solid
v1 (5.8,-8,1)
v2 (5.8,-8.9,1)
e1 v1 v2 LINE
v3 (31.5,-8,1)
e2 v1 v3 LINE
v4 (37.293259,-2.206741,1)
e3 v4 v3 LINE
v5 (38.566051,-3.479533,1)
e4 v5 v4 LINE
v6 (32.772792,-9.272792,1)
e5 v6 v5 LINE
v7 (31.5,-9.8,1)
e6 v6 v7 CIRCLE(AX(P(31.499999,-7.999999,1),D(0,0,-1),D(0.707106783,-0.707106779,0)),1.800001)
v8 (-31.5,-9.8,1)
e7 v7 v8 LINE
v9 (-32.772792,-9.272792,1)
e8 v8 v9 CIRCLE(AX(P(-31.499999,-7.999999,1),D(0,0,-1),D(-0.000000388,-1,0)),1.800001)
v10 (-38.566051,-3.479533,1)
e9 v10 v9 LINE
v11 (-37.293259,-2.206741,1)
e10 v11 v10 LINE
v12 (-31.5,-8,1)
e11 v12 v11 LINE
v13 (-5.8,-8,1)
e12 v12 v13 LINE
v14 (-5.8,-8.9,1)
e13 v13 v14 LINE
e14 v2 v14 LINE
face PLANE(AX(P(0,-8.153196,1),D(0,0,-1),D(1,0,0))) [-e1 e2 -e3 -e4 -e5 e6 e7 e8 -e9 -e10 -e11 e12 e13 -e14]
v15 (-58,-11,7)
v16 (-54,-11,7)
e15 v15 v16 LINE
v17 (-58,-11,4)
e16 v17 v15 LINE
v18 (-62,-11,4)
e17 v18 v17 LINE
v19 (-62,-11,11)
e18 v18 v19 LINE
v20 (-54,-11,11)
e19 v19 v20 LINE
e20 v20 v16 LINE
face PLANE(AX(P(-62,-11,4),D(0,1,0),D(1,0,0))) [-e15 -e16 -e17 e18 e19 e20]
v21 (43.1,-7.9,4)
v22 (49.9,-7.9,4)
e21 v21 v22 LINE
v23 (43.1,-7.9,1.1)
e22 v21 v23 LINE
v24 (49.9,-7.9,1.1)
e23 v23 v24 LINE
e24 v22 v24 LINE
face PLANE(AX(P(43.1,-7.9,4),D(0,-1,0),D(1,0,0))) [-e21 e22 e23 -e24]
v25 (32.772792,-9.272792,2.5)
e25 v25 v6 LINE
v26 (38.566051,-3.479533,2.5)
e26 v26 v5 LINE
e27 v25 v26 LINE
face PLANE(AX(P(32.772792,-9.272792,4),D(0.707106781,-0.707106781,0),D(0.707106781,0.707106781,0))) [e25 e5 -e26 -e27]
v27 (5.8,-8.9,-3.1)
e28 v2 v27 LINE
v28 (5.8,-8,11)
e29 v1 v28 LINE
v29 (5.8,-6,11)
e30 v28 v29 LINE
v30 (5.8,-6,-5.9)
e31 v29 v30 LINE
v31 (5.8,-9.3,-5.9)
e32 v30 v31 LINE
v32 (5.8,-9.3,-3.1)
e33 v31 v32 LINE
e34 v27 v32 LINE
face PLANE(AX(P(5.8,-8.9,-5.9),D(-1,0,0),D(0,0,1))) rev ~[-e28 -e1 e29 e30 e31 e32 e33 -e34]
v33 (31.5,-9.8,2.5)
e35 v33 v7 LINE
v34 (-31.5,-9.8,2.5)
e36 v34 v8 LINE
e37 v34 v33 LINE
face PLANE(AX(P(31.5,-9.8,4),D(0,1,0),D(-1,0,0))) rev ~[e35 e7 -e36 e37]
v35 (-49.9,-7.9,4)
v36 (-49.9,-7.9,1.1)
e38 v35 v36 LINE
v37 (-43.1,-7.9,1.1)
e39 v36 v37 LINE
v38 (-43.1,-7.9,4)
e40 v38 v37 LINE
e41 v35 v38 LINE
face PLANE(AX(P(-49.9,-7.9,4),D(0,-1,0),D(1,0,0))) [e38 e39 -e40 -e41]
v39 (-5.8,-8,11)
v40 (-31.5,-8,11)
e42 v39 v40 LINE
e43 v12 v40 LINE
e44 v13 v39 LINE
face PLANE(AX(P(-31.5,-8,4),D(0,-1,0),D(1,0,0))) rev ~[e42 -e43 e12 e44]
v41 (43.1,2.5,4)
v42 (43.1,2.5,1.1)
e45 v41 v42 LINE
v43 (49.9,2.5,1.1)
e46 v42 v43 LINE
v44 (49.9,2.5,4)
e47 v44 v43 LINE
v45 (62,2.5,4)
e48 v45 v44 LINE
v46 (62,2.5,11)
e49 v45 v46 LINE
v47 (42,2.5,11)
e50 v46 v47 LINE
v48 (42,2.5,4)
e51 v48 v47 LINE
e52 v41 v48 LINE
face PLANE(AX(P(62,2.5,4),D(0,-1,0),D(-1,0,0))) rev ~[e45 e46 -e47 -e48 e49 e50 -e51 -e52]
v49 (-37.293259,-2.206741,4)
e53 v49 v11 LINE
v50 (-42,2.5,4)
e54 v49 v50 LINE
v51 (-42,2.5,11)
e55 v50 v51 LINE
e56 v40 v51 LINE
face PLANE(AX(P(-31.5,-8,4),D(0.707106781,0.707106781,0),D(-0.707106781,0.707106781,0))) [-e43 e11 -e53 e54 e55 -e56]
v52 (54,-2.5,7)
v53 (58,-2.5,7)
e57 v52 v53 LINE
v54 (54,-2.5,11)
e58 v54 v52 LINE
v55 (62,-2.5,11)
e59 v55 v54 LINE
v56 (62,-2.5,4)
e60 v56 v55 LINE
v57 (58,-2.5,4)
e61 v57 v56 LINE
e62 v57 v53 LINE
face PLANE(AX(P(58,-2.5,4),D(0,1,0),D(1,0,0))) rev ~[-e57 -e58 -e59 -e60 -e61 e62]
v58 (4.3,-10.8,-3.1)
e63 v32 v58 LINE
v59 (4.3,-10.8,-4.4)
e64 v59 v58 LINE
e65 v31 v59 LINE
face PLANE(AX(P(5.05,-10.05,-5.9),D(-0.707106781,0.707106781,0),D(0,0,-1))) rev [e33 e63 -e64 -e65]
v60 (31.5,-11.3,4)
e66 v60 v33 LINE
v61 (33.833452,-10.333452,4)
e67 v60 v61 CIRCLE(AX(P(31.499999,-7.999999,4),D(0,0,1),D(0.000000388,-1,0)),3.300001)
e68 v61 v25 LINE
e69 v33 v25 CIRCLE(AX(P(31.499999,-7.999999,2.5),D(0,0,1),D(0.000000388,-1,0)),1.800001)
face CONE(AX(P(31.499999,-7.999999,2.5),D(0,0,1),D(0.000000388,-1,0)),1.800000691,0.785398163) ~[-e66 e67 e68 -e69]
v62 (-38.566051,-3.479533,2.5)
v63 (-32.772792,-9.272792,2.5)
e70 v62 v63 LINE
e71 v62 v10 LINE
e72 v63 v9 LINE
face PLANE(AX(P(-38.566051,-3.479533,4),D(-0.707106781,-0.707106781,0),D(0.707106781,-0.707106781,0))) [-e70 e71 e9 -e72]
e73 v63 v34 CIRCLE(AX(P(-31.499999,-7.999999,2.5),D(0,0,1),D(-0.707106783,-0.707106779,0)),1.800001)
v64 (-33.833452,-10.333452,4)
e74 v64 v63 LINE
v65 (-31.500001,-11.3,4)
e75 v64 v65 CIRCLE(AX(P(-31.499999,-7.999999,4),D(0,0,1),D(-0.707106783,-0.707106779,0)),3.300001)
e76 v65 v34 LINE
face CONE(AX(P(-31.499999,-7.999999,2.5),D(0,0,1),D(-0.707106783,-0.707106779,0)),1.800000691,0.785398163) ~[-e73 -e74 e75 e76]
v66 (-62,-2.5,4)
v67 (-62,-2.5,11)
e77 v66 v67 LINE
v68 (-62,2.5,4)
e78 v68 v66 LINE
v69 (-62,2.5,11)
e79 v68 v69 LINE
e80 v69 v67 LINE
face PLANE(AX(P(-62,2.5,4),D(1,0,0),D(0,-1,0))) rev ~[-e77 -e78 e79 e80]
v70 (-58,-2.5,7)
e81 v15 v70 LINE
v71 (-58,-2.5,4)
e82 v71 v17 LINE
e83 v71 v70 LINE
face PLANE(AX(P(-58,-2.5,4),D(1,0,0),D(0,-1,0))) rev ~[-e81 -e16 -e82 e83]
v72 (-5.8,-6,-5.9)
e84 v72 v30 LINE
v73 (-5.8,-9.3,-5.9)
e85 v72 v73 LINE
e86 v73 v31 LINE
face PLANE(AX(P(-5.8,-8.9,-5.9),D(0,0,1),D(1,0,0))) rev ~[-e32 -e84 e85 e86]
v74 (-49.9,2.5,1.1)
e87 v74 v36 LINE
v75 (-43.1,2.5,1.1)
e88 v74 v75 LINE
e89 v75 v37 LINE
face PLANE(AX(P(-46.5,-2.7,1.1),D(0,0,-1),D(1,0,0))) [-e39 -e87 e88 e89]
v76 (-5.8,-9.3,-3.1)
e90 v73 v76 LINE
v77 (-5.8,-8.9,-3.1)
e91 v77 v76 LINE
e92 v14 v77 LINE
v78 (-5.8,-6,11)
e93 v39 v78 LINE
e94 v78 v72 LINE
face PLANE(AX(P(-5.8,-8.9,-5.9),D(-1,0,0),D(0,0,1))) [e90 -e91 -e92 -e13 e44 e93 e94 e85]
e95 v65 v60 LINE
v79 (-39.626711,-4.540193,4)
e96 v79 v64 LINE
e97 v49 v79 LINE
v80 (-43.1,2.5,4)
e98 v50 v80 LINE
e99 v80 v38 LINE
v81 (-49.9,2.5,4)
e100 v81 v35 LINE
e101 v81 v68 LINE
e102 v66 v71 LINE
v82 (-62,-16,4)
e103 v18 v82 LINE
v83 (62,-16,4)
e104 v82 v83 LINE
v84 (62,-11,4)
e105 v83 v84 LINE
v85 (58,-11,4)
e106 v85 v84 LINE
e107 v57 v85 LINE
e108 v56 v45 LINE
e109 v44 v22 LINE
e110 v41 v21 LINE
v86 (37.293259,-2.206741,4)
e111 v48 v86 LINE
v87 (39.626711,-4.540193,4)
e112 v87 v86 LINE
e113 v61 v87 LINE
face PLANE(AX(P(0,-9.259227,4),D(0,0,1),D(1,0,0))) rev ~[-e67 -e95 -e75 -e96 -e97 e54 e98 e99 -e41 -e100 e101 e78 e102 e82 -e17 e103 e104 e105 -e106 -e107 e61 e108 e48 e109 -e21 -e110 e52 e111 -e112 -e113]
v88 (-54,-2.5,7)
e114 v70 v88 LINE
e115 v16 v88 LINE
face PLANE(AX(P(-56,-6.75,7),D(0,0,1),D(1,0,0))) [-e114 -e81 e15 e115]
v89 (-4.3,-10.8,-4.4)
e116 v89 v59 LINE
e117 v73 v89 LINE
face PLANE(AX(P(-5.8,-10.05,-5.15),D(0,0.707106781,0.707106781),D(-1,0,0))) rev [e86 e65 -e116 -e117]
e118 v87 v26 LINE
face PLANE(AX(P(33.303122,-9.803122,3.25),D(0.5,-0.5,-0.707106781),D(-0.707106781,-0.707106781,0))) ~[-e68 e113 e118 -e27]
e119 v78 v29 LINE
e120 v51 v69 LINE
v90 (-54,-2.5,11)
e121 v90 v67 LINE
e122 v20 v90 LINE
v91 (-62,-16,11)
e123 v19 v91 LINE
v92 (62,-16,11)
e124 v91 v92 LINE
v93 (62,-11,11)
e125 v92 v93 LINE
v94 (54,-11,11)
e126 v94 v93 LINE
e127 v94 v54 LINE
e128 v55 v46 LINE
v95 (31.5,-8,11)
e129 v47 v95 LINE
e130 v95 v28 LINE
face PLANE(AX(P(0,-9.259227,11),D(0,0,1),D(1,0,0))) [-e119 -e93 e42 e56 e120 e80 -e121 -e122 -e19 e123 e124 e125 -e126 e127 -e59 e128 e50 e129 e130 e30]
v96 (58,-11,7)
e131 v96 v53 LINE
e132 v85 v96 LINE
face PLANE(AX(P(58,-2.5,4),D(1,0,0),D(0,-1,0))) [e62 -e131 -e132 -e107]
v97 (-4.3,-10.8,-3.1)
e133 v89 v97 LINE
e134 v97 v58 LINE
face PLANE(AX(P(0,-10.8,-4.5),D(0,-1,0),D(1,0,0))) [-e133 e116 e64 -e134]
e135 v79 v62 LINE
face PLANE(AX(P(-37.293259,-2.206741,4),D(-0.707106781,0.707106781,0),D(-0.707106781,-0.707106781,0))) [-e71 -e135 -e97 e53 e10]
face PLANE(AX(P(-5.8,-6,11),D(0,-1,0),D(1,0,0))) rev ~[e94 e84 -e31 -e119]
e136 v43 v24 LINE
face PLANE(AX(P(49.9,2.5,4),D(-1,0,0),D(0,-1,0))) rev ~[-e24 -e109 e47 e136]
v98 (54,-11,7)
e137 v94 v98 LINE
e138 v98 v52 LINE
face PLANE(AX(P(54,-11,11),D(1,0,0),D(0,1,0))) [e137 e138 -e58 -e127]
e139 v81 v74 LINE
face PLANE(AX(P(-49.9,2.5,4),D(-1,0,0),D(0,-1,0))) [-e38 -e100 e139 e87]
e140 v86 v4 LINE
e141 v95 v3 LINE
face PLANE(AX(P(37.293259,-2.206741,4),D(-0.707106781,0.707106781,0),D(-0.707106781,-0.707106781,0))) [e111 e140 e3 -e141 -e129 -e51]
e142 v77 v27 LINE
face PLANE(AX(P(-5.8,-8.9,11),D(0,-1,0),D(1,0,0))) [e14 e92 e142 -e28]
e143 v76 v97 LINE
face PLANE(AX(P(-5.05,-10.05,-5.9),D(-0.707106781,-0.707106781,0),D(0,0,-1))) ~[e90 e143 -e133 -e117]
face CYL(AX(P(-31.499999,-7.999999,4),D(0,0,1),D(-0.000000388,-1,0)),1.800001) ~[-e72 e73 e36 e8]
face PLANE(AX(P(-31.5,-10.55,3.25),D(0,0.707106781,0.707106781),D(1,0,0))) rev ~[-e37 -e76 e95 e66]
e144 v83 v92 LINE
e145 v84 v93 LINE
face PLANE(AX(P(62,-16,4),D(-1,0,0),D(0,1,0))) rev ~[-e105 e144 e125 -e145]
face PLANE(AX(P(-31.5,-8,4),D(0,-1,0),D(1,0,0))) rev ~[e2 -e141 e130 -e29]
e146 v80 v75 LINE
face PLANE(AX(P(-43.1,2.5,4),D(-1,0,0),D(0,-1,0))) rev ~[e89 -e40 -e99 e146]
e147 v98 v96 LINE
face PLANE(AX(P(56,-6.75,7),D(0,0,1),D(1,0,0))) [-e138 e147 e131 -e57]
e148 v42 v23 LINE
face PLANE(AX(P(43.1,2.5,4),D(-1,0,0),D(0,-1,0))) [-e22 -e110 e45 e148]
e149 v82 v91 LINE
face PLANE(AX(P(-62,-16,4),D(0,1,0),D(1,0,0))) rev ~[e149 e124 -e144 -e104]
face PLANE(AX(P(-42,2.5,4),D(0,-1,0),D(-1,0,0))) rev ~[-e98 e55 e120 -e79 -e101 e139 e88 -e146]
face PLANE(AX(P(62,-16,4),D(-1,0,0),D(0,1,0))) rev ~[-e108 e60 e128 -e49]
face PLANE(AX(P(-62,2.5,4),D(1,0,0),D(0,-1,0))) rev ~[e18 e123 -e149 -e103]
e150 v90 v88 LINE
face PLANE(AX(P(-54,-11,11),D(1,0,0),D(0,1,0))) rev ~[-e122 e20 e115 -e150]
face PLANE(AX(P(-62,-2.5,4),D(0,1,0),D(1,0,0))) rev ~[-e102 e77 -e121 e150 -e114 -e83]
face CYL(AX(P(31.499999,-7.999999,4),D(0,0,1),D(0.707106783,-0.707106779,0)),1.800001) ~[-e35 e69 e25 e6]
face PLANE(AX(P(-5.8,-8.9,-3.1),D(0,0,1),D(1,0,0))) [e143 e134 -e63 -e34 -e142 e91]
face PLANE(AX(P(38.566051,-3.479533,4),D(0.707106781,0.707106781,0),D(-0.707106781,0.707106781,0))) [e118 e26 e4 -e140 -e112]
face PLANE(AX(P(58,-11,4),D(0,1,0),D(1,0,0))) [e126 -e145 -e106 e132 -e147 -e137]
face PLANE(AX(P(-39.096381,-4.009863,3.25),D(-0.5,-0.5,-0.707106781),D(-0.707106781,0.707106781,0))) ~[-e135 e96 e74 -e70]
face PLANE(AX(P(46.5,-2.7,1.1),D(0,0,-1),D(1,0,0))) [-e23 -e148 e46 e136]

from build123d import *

# Parameters (mm, degrees)
PAD002_DEPTH    = 7
PAD003_DEPTH    = 3
CHAMFER003_SIZE = 1.5
SKETCH019_W     = 4
SKETCH019_H     = 8.5
POCKET003_DEPTH = 7.001
SKETCH020_W     = 4
SKETCH020_H     = 8.5
POCKET004_DEPTH = 4
SKETCH024_W     = 11.6
SKETCH024_H     = 2.9
PAD006_DEPTH    = 16.9
SKETCH025_W     = 11.6
SKETCH025_H     = 2.8
PAD007_DEPTH    = 1.9
CHAMFER005_SIZE = 1.5
SKETCH026_W     = 6.8
SKETCH026_H     = 10.4
PAD008_DEPTH    = 2.9


with BuildPart() as part:
    # Sketch006 → Pad002 (new body)
    with BuildSketch(Plane.XY.offset(4)):
        Polygon((-62, 2.5), (-62, -16), (62, -16), (62, 2.5), (42, 2.5), (31.5, -8), (-31.5, -8), (-42, 2.5), align=None)
    extrude(amount=PAD002_DEPTH)

    # Sketch007 (on Face9 of Pad002) → Pad003 (join)
    with BuildSketch(Plane(origin=(0, 0, 4), x_dir=(1, 0, 0), z_dir=(0, 0, -1))):
        with BuildLine():
            Line((-31.5, 8), (31.5, 8))
            Line((37.293259, 2.206741), (31.5, 8))
            Line((38.566051, 3.479533), (37.293259, 2.206741))
            Line((32.772792, 9.272792), (38.566051, 3.479533))
            ThreePointArc((32.772792, 9.272792), (32.18883, 9.662983), (31.5, 9.8))
            Line((31.5, 9.8), (-31.5, 9.8))
            ThreePointArc((-31.5, 9.8), (-32.18883, 9.662983), (-32.772792, 9.272792))
            Line((-38.566051, 3.479533), (-32.772792, 9.272792))
            Line((-37.293259, 2.206741), (-38.566051, 3.479533))
            Line((-31.5, 8), (-37.293259, 2.206741))
        make_face()
    extrude(amount=PAD003_DEPTH)

    # Chamfer003
    chamfer003_edges = [part.edges().sort_by_distance(p)[0] for p in [
        (-35.669422, -6.376163, 4),
    ]]
    chamfer(chamfer003_edges, length=CHAMFER003_SIZE)

    # Sketch019 (on Face1 of Chamfer003) → Pocket003 (cut, through all)
    with BuildSketch(Plane(origin=(0, 0, 4), x_dir=(1, 0, 0), z_dir=(0, 0, -1))):
        with Locations((-60, 6.75)):
            Rectangle(SKETCH019_W, SKETCH019_H)
        with Locations((60, 6.75)):
            Rectangle(SKETCH019_W, SKETCH019_H)
    extrude(amount=-POCKET003_DEPTH, mode=Mode.SUBTRACT)

    # Sketch020 (on Face31 of Pocket003) → Pocket004 (cut)
    with BuildSketch(Plane.XY.offset(11)):
        with Locations((-56, -6.75)):
            Rectangle(SKETCH020_W, SKETCH020_H)
        with Locations((56, -6.75)):
            Rectangle(SKETCH020_W, SKETCH020_H)
    extrude(amount=-POCKET004_DEPTH, mode=Mode.SUBTRACT)

    # Sketch024 (on Face27 of Pocket004) → Pad006 (join)
    with BuildSketch(Plane.XY.offset(11)):
        with Locations((0, -7.45)):
            Rectangle(SKETCH024_W, SKETCH024_H)
    extrude(amount=-PAD006_DEPTH)

    # Sketch025 (on Face37 of Pad006) → Pad007 (join)
    with BuildSketch(Plane.XZ.offset(8.9)):
        with Locations((0, -4.5)):
            Rectangle(SKETCH025_W, SKETCH025_H)
    extrude(amount=PAD007_DEPTH)

    # Chamfer005
    chamfer005_edges = [part.edges().sort_by_distance(p)[0] for p in [
        (0, -10.8, -5.9),
        (-5.8, -10.8, -4.5),
        (5.8, -10.8, -4.5),
    ]]
    chamfer(chamfer005_edges, length=CHAMFER005_SIZE)

    # Sketch026 (on Face37 of Chamfer005) → Pad008 (join)
    with BuildSketch(Plane(origin=(0, 0, 4), x_dir=(1, 0, 0), z_dir=(0, 0, -1))):
        with Locations((-46.5, 2.7)):
            Rectangle(SKETCH026_W, SKETCH026_H)
        with Locations((46.5, 2.7)):
            Rectangle(SKETCH026_W, SKETCH026_H)
    extrude(amount=PAD008_DEPTH)


solid = part.part
